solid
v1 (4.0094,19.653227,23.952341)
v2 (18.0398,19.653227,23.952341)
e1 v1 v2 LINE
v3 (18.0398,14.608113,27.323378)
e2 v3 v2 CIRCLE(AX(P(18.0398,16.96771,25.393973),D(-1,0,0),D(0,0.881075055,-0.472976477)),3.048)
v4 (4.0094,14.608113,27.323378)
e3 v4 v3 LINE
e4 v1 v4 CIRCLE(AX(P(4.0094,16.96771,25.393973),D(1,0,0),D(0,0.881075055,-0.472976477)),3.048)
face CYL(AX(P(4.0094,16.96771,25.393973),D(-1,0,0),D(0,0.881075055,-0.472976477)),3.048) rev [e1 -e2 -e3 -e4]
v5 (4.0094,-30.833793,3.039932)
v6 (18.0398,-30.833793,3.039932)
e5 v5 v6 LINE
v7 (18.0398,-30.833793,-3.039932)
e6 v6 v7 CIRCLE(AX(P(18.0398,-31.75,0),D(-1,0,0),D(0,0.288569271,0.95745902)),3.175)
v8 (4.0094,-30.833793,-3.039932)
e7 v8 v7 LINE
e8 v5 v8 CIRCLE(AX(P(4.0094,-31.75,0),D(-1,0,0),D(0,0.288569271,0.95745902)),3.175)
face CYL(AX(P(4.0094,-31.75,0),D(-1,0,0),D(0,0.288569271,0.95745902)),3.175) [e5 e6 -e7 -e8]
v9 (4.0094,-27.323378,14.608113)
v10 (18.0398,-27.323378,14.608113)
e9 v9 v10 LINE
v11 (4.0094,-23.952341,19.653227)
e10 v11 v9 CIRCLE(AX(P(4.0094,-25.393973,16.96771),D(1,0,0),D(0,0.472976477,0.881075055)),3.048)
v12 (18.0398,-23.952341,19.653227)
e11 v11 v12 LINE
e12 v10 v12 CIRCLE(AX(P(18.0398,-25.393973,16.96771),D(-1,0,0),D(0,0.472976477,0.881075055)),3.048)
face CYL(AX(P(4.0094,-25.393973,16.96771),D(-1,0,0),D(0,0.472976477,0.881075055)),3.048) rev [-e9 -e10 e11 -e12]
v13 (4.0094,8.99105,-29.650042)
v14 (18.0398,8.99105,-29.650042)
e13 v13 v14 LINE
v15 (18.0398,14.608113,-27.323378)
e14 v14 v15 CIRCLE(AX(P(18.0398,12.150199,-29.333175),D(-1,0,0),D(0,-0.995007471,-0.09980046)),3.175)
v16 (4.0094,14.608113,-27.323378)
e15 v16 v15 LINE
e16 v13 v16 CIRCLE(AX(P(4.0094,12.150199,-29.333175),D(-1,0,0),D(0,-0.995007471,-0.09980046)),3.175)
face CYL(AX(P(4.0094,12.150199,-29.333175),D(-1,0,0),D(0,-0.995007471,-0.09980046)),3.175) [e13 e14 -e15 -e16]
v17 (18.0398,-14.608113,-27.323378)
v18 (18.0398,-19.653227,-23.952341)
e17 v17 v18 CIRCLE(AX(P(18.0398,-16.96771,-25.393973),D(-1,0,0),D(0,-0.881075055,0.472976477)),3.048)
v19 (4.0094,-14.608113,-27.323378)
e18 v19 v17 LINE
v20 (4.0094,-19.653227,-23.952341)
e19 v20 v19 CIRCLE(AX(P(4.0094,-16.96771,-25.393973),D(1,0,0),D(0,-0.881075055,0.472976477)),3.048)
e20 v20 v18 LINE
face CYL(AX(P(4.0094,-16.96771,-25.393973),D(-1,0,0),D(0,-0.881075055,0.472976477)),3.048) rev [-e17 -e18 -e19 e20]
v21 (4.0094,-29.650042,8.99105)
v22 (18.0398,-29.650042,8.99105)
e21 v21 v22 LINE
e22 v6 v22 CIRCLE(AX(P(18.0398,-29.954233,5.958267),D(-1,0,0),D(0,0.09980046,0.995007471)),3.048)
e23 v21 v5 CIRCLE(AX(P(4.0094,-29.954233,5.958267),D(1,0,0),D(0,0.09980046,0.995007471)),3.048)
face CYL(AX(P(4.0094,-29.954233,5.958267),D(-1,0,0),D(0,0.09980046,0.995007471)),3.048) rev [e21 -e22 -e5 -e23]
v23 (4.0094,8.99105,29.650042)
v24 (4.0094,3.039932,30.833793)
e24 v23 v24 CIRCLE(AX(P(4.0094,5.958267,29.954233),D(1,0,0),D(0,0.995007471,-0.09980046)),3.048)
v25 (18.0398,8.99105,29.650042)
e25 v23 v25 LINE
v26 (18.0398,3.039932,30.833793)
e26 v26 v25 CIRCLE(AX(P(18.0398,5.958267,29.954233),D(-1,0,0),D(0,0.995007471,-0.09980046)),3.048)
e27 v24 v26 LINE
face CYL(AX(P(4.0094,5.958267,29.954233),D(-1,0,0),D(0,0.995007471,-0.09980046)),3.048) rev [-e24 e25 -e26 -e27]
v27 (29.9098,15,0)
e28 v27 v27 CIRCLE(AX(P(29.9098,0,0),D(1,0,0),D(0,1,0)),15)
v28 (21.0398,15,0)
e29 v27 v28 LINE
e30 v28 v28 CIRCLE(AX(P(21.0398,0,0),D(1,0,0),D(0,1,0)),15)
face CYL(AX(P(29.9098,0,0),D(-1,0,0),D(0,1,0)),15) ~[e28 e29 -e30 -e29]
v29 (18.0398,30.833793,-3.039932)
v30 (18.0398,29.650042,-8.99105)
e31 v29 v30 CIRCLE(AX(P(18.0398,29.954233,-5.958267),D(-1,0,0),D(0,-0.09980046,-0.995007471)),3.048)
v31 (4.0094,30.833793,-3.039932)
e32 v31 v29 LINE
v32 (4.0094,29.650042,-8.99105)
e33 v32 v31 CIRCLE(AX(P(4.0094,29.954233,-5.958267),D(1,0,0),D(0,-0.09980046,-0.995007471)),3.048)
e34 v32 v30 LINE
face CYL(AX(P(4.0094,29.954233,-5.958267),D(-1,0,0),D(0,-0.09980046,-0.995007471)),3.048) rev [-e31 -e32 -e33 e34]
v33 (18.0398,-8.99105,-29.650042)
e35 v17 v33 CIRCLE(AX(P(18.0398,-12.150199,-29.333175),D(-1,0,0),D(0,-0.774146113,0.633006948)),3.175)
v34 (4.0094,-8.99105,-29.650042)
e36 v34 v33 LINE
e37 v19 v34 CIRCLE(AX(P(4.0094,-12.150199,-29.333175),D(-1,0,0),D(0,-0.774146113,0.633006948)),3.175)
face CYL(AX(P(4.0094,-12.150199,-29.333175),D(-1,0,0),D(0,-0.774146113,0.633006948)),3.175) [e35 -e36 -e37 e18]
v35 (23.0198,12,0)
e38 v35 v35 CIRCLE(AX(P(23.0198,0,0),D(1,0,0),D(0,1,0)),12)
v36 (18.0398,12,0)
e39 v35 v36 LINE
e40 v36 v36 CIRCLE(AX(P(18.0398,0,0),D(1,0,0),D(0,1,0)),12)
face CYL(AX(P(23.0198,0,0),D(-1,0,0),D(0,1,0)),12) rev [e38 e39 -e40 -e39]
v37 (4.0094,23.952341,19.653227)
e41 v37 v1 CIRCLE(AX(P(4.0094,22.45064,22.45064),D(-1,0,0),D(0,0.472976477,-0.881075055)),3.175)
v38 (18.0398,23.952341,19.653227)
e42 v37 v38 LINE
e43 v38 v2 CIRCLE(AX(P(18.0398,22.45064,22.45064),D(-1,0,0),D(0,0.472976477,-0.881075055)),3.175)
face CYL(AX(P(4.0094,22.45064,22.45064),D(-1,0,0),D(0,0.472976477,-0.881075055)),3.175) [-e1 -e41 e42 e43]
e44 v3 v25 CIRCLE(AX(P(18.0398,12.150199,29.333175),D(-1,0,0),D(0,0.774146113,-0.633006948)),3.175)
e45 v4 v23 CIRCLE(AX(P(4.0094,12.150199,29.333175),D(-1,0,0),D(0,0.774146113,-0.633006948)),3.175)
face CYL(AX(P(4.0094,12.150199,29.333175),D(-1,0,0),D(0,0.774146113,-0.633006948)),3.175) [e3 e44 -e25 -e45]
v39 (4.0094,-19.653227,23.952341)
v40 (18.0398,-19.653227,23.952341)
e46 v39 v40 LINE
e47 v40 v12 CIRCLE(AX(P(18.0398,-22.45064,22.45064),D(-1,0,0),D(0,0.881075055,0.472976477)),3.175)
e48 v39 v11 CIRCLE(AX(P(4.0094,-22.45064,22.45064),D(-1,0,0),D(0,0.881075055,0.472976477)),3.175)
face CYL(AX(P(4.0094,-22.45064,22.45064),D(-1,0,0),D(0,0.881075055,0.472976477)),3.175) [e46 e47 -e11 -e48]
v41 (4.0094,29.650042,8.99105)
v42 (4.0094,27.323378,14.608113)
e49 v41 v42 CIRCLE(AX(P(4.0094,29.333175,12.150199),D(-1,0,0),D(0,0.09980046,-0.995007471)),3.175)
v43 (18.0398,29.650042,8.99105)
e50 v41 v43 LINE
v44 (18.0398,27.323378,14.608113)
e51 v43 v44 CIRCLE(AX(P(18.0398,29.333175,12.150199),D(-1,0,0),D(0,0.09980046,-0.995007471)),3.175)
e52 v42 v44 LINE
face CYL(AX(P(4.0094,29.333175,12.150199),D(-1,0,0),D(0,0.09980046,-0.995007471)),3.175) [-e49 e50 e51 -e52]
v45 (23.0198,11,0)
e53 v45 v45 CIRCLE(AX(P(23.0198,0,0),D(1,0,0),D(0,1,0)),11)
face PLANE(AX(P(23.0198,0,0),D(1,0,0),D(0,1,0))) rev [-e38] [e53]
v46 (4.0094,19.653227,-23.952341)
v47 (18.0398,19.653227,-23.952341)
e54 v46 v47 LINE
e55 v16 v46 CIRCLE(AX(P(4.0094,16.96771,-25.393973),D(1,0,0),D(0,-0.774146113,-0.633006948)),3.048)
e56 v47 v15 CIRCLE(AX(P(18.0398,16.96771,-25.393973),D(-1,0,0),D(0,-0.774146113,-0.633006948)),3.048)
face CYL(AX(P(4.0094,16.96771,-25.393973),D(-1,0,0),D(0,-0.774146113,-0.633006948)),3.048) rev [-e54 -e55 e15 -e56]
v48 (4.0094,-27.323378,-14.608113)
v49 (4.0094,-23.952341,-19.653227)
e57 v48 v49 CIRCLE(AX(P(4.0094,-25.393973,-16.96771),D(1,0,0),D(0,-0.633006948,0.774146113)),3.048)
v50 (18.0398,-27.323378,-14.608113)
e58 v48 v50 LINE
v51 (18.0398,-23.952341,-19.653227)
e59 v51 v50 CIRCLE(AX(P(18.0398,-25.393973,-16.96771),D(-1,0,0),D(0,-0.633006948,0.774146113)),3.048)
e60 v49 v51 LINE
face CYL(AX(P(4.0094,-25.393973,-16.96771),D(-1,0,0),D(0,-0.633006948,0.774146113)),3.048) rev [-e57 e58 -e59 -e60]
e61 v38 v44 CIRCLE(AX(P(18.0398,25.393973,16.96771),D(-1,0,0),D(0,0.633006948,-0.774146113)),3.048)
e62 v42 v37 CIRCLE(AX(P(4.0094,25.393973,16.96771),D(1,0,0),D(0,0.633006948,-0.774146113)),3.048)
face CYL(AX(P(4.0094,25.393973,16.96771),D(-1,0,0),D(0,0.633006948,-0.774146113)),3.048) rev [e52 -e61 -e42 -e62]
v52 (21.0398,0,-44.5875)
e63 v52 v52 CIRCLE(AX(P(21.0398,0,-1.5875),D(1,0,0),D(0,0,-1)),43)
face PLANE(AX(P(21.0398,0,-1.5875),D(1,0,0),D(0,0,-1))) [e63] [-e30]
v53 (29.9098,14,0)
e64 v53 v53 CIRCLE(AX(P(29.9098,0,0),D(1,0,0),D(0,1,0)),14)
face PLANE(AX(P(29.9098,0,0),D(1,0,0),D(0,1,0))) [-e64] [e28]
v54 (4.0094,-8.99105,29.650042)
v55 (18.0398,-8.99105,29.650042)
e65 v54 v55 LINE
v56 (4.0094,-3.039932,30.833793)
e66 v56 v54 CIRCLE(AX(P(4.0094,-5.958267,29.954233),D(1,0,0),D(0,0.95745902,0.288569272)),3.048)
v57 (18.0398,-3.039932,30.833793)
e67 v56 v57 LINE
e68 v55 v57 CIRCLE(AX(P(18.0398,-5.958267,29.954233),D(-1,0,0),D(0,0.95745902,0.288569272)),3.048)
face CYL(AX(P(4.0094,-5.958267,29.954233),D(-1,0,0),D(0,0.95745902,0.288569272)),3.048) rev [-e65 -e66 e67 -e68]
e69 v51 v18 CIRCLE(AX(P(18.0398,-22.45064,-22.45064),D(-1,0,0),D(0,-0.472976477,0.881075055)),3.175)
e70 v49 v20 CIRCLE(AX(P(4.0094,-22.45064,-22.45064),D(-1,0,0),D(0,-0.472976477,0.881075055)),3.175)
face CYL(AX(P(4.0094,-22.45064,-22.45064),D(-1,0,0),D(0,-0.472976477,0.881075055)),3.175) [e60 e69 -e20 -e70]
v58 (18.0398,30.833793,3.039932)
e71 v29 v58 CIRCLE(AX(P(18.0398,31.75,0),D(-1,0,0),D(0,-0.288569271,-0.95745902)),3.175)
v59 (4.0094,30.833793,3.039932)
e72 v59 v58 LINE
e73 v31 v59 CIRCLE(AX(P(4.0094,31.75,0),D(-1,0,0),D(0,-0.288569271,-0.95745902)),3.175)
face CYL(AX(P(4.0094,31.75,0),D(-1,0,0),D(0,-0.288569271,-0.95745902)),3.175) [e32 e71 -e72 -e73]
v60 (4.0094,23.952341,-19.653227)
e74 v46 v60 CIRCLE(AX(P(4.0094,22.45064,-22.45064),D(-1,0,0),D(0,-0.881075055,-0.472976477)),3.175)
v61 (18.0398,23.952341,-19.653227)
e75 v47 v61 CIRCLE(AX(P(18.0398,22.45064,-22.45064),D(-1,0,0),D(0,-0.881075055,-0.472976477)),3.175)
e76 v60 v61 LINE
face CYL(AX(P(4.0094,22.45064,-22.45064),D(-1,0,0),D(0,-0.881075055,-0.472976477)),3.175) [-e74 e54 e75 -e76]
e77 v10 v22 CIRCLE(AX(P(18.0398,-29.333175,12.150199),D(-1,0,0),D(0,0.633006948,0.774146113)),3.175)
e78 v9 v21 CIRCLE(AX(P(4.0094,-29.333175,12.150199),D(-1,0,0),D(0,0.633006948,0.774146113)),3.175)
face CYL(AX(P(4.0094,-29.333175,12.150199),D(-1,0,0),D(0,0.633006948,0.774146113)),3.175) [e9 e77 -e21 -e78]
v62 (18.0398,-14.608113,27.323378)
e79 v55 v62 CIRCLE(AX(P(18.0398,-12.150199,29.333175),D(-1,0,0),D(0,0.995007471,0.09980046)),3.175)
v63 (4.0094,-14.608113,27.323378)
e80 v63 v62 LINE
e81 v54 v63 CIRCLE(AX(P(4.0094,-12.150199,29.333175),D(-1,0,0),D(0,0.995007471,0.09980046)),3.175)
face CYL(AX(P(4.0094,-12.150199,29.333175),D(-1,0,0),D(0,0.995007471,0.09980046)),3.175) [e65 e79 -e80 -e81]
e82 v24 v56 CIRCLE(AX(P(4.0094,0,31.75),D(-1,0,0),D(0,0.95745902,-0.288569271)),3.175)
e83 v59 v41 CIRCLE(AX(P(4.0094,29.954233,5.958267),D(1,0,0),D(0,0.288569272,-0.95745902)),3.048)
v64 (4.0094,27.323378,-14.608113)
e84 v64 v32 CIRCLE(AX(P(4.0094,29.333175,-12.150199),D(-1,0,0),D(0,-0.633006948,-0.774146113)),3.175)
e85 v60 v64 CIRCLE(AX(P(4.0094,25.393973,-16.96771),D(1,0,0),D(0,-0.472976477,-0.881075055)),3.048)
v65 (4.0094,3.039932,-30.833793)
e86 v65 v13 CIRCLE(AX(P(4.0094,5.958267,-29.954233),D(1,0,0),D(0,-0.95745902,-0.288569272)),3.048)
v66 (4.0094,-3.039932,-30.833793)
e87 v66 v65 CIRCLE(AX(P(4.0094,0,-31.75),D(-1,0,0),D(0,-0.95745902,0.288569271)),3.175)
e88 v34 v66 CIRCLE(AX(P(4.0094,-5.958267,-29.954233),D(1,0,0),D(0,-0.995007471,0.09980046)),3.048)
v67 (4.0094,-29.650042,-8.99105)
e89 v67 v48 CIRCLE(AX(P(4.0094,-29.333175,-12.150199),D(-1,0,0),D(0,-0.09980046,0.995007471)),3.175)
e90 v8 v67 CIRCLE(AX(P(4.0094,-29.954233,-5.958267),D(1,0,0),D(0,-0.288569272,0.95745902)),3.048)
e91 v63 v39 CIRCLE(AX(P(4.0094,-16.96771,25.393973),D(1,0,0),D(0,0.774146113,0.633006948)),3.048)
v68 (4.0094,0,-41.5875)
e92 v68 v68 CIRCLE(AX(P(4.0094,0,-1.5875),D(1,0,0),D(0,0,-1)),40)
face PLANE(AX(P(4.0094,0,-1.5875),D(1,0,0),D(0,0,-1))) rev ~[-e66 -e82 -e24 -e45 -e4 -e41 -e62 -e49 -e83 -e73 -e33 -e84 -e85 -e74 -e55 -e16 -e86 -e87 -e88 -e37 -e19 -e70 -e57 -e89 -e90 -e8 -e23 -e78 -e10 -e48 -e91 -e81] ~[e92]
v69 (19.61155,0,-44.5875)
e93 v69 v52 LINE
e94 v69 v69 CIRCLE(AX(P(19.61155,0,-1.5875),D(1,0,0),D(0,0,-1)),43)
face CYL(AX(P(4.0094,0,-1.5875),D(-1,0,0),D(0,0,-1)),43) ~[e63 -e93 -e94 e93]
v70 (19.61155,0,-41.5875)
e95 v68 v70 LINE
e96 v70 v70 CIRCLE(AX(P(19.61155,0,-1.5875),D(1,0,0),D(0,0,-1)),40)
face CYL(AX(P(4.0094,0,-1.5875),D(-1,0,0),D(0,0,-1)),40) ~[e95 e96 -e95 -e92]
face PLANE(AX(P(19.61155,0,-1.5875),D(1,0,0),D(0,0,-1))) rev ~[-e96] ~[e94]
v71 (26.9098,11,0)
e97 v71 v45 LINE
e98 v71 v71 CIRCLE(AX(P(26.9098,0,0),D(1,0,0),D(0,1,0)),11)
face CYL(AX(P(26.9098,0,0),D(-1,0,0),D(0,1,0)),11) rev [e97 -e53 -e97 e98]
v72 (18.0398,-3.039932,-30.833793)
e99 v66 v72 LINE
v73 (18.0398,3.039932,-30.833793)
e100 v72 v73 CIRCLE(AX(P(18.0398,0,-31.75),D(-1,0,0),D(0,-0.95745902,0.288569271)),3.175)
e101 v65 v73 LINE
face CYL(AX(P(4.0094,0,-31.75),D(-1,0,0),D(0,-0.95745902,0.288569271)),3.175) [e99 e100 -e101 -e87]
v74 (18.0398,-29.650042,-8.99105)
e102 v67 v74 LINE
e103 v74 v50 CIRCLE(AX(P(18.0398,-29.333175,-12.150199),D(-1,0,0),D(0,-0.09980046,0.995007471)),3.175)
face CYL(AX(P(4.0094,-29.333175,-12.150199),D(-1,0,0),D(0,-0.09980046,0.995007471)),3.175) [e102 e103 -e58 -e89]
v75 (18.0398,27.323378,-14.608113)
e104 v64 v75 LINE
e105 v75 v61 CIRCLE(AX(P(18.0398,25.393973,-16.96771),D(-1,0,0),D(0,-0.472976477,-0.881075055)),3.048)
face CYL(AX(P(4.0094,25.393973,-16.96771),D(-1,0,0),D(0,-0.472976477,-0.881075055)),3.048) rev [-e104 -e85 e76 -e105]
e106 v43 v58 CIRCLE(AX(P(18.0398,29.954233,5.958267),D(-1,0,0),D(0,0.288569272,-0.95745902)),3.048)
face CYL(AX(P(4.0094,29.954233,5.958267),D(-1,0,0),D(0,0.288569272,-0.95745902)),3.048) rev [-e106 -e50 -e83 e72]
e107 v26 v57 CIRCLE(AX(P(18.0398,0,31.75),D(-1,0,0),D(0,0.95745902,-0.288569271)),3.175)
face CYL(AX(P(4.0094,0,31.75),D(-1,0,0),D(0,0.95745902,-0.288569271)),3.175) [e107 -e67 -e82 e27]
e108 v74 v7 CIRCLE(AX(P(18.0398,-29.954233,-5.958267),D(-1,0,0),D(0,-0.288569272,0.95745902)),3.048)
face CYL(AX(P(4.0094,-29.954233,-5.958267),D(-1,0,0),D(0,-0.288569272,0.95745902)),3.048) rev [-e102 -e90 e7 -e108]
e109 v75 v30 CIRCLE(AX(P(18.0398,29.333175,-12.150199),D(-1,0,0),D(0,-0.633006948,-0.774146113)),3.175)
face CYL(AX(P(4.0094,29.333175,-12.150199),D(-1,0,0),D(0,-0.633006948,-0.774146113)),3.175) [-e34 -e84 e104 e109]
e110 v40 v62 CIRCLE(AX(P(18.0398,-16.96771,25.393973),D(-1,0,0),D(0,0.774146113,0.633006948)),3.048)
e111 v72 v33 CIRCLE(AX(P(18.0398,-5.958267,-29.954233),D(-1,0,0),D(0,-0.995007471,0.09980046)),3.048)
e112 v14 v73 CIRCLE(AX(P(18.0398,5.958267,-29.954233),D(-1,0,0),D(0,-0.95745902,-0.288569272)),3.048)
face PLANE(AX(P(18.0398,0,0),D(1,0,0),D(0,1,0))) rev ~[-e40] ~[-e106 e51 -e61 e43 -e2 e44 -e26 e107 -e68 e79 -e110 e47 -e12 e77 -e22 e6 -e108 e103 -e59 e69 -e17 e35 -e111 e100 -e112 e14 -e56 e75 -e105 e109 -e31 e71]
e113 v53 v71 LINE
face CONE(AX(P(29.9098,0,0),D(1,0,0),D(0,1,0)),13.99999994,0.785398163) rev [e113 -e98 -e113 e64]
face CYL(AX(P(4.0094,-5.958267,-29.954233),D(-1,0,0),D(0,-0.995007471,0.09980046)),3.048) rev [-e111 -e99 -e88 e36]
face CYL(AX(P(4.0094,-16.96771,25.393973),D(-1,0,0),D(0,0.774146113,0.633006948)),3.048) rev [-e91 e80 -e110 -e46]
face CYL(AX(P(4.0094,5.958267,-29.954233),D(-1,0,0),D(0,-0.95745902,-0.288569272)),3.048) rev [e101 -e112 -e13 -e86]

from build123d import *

# Parameters (mm, degrees)
BOSS_EXTRUDE1_START = 4.0094
SKETCH6_R           = 43.000000106
BOSS_EXTRUDE1_DEPTH = 17.0304
CUT_EXTRUDE1_START  = 4.0094
SKETCH7_R           = 43.000000106
SKETCH7_R_2         = 40.00000001
CUT_EXTRUDE1_DEPTH  = 15.60215


with BuildPart() as part:
    # Sketch5 → Revolve1 (revolve)
    with BuildSketch(Plane.XY):
        Polygon((23.019799782, 10.999999971), (23.019799782, 12.000000003), (18.039799836, 12.000000003), (18.039799836, 31.75), (18.039799836, 35.875000005), (21.039799932, 35.875000005), (21.039799932, 14.999999972), (22.939799942, 14.999999972), (29.909799972, 14.999999972), (29.909799972, 13.99999994), (26.909800003, 10.999999971), align=None)
    revolve(axis=Axis((0, 0, 0), (1, 0, 0)))

    # Sketch6 → Boss-Extrude1 (add)
    with BuildSketch(Plane(origin=(0, 0, 0), x_dir=(0, 0, -1), z_dir=(1, 0, 0)).offset(BOSS_EXTRUDE1_START)):
        with Locations((1.5875, 0)):
            Circle(SKETCH6_R)
        with BuildLine():
            ThreePointArc((-23.952340618, 19.653227004), (-27.928292299, 18.661088308), (-27.323378098, 14.608112886))
            ThreePointArc((-27.323378098, 14.608112886), (-26.399857642, 10.93517908), (-29.65004162, 8.991050256))
            ThreePointArc((-29.65004162, 8.991050256), (-32.943666958, 6.552902785), (-30.833792563, 3.039932389))
            ThreePointArc((-30.833792563, 3.039932389), (-28.575, 0), (-30.833792563, -3.039932389))
            ThreePointArc((-30.833792563, -3.039932389), (-32.943666958, -6.552902785), (-29.65004162, -8.991050256))
            ThreePointArc((-29.65004162, -8.991050256), (-26.399857642, -10.93517908), (-27.323378098, -14.608112886))
            ThreePointArc((-27.323378098, -14.608112886), (-27.928292299, -18.661088308), (-23.952340618, -19.653227004))
            ThreePointArc((-23.952340618, -19.653227004), (-20.205576272, -20.205576272), (-19.653227004, -23.952340618))
            ThreePointArc((-19.653227004, -23.952340618), (-18.661088308, -27.928292299), (-14.608112886, -27.323378098))
            ThreePointArc((-14.608112886, -27.323378098), (-10.93517908, -26.399857642), (-8.991050256, -29.65004162))
            ThreePointArc((-8.991050256, -29.65004162), (-6.552902785, -32.943666958), (-3.039932389, -30.833792563))
            ThreePointArc((-3.039932389, -30.833792563), (0, -28.575), (3.039932389, -30.833792563))
            ThreePointArc((3.039932389, -30.833792563), (6.552902785, -32.943666958), (8.991050256, -29.65004162))
            ThreePointArc((8.991050256, -29.65004162), (10.93517908, -26.399857642), (14.608112886, -27.323378098))
            ThreePointArc((14.608112886, -27.323378098), (18.661088308, -27.928292299), (19.653227004, -23.952340618))
            ThreePointArc((19.653227004, -23.952340618), (20.205576272, -20.205576272), (23.952340618, -19.653227004))
            ThreePointArc((23.952340618, -19.653227004), (27.928292299, -18.661088308), (27.323378098, -14.608112886))
            ThreePointArc((27.323378098, -14.608112886), (26.399857642, -10.93517908), (29.65004162, -8.991050256))
            ThreePointArc((29.65004162, -8.991050256), (32.943666958, -6.552902785), (30.833792563, -3.039932389))
            ThreePointArc((30.833792563, -3.039932389), (28.575, 0), (30.833792563, 3.039932389))
            ThreePointArc((30.833792563, 3.039932389), (32.943666958, 6.552902785), (29.65004162, 8.991050256))
            ThreePointArc((29.65004162, 8.991050256), (26.399857642, 10.93517908), (27.323378098, 14.608112886))
            ThreePointArc((27.323378098, 14.608112886), (27.928292299, 18.661088308), (23.952340618, 19.653227004))
            ThreePointArc((23.952340618, 19.653227004), (20.205576272, 20.205576272), (19.653227004, 23.952340618))
            ThreePointArc((19.653227004, 23.952340618), (18.661088308, 27.928292299), (14.608112886, 27.323378098))
            ThreePointArc((14.608112886, 27.323378098), (10.93517908, 26.399857642), (8.991050256, 29.65004162))
            ThreePointArc((8.991050256, 29.65004162), (6.552902785, 32.943666958), (3.039932389, 30.833792563))
            ThreePointArc((3.039932389, 30.833792563), (0, 28.575), (-3.039932389, 30.833792563))
            ThreePointArc((-3.039932389, 30.833792563), (-6.552902785, 32.943666958), (-8.991050256, 29.65004162))
            ThreePointArc((-8.991050256, 29.65004162), (-10.93517908, 26.399857642), (-14.608112886, 27.323378098))
            ThreePointArc((-14.608112886, 27.323378098), (-18.661088308, 27.928292299), (-19.653227004, 23.952340618))
            ThreePointArc((-19.653227004, 23.952340618), (-20.205576272, 20.205576272), (-23.952340618, 19.653227004))
        make_face(mode=Mode.SUBTRACT)
    extrude(amount=BOSS_EXTRUDE1_DEPTH)

    # Sketch7 → Cut-Extrude1 (cut)
    with BuildSketch(Plane(origin=(0, 0, 0), x_dir=(0, 0, -1), z_dir=(1, 0, 0)).offset(CUT_EXTRUDE1_START)):
        with Locations((1.5875, 0)):
            Circle(SKETCH7_R)
        with Locations((1.5875, 0)):
            Circle(SKETCH7_R_2, mode=Mode.SUBTRACT)
    extrude(amount=CUT_EXTRUDE1_DEPTH, mode=Mode.SUBTRACT)


solid = part.part
